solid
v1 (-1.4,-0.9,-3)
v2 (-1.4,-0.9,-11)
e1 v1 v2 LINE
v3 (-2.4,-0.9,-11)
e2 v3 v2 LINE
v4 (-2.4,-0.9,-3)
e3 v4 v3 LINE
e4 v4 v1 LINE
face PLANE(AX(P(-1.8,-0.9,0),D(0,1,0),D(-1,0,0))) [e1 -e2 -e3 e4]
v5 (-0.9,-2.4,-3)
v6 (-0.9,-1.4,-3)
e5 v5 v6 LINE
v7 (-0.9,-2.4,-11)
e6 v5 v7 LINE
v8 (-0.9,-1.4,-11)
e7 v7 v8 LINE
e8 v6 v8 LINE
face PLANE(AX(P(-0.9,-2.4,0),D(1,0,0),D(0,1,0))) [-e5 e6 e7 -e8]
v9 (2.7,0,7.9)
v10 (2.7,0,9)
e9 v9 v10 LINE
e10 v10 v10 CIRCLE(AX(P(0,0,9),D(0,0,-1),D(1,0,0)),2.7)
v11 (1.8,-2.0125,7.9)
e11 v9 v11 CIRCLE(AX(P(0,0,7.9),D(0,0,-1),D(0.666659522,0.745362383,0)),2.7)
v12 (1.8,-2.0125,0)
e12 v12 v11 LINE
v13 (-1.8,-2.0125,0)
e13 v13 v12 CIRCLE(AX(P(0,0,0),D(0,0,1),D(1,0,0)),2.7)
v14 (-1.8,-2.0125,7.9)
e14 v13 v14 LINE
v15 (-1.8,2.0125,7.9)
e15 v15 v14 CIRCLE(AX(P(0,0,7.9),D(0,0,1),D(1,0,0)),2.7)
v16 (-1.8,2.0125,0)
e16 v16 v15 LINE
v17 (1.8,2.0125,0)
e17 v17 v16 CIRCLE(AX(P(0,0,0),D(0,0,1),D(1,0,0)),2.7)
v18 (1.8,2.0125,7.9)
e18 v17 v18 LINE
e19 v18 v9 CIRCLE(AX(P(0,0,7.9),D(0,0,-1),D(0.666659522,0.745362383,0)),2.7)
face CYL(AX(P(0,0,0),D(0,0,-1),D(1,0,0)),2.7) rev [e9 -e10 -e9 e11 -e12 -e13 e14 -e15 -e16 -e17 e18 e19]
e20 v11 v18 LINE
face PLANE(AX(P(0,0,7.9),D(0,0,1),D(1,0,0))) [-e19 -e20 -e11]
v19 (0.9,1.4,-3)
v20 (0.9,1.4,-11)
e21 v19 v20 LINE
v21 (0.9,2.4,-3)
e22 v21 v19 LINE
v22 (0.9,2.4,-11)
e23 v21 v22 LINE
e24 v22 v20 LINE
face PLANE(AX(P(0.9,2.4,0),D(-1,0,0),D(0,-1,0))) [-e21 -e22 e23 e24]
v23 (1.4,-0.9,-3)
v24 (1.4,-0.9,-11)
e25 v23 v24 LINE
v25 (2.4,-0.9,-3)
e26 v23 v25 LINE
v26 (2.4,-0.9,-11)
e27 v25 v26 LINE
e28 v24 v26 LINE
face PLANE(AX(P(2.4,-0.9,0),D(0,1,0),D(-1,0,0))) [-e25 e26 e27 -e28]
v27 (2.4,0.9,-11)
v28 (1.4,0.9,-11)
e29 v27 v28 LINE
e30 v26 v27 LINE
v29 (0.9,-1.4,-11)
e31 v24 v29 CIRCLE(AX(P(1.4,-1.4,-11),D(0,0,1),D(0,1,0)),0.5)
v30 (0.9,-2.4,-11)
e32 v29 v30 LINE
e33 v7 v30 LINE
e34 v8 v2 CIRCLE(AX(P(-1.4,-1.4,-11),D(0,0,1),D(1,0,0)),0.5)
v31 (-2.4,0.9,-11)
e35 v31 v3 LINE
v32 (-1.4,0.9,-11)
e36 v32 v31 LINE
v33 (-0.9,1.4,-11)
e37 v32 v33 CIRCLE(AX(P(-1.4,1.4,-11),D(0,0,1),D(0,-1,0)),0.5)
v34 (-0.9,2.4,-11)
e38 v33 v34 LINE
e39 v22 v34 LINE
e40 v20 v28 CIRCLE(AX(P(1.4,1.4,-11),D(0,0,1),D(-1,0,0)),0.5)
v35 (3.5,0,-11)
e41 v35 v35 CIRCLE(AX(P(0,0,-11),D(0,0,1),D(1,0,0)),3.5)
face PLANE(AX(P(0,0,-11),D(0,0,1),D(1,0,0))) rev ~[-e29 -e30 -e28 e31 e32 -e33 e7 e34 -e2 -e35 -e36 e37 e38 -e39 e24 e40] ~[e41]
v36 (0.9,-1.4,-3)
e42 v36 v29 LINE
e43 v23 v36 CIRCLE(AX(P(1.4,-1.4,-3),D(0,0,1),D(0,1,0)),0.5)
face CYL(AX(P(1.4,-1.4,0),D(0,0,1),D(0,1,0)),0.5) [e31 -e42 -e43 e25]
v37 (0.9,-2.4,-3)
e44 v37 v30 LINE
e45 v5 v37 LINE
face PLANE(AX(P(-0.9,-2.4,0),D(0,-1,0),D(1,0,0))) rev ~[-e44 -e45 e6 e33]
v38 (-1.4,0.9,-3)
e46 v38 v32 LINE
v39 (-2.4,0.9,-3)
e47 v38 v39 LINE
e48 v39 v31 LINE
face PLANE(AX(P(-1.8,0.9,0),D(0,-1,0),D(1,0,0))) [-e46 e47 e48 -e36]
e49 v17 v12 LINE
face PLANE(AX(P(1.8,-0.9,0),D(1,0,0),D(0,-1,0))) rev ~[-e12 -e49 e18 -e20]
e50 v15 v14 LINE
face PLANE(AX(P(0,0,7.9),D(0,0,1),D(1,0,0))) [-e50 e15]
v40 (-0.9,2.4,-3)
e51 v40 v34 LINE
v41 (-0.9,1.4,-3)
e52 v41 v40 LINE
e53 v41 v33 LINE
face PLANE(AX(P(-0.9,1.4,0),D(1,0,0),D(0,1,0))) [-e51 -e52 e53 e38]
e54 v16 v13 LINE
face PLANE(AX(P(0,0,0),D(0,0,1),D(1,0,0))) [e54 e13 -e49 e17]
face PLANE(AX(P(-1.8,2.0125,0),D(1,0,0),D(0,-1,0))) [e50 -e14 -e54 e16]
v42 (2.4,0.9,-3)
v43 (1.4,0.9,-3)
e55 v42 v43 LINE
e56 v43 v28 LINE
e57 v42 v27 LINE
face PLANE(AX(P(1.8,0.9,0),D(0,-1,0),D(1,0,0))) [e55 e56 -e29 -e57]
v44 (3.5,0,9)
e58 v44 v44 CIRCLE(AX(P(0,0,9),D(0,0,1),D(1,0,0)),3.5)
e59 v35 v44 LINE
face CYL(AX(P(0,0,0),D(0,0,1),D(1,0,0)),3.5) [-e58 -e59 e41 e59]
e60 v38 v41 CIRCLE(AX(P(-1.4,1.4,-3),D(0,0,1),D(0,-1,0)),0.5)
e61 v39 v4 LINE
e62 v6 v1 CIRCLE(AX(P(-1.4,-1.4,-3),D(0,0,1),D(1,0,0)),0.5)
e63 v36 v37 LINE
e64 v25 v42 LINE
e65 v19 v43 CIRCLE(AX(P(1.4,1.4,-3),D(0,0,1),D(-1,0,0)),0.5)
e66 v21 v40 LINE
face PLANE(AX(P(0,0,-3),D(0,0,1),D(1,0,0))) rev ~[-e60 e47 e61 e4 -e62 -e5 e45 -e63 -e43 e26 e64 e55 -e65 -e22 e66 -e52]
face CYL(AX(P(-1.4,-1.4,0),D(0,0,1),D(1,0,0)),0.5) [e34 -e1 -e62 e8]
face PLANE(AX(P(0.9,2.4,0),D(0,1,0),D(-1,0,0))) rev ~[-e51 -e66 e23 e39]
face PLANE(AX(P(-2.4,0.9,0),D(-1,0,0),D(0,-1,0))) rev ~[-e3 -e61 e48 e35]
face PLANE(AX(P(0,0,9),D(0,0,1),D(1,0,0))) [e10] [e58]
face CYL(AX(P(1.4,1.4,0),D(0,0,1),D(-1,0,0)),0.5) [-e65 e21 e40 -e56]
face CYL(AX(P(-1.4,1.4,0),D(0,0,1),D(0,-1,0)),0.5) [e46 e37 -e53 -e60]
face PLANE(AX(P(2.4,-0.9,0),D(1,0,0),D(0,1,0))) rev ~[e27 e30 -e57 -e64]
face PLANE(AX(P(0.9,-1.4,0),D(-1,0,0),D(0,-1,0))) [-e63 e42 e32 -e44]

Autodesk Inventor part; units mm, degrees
ref_plane "YZ Plane" through (0, 0, 0) normal (1, 0, 0) x (0, 1, 0)
ref_plane "XZ Plane" through (0, 0, 0) normal (0, 1, 0) x (-1, 0, 0)
ref_plane "XY Plane" through (0, 0, 0) normal (0, 0, 1) x (1, 0, 0)
sketch "Motor_Lego_Axle_Connector" plane through (0, 0, 0) normal (0, 0, 1) x (1, 0, 0)
  circle A0 centre (0, 0) radius 3.5
  circle A1 centre (0, 0) radius 2.7
  line L0 (-1.8, 2.0125) -> (-1.8, -2.0125)
  line L1 (0, 3.5) -> (0, -3.5) construction
  line L2 (1.8, 2.0125) -> (1.8, -2.0125)
  line L3 (0.9, 2.4) -> (-0.9, 2.4)
  line L4 (0.9, 2.4) -> (0.9, 1.4)
  line L5 (1.4, 1.4) -> (0.9, 1.4) construction
  line L6 (1.4, 1.4) -> (1.4, 0.9) construction
  arc A2 (0.9, 1.4) -> (1.4, 0.9) centre (1.4, 1.4) ccw
  line L7 (1.4, 0.9) -> (2.4, 0.9)
  line L8 (-0.9, 1.4) -> (-0.9, 2.4)
  arc A3 (-1.4, 0.9) -> (-0.9, 1.4) centre (-1.4, 1.4) ccw
  line L9 (-2.4, 0.9) -> (-1.4, 0.9)
  line L10 (-2.4, 0.9) -> (-2.4, -0.9)
  line L11 (-1.4, -0.9) -> (-2.4, -0.9)
  arc A4 (-0.9, -1.4) -> (-1.4, -0.9) centre (-1.4, -1.4) ccw
  line L12 (-0.9, -2.4) -> (-0.9, -1.4)
  line L13 (-0.9, -2.4) -> (0.9, -2.4)
  line L14 (0.9, -1.4) -> (0.9, -2.4)
  arc A5 (1.4, -0.9) -> (0.9, -1.4) centre (1.4, -1.4) ccw
  line L15 (2.4, -0.9) -> (1.4, -0.9)
  line L16 (2.4, -0.9) -> (2.4, 0.9)
  point P0 (1.8, -2.0125)
  point P1 (0, 2.4)
  point P2 (-2.4, 0)
  point P3 (0, -2.4)
  point P4 (2.4, 0)
  dimension "d0" = 7
  dimension "d1" = 5.4
  dimension "d2" = 7
  dimension "d3" = 1.8
  dimension "d12" = 1.8
  dimension "d13" = 2.4
  dimension "d14" = 1
  dimension "d16" = 0.5
  dimension "d17" = 1
  dimension "d20" = 360
extrude "Motor_Side_Outer_Ring_Extrusion" add sketch "Motor_Lego_Axle_Connector" along normal blind 9
extrude "Motor_Connector_Extrusion" add sketch "Motor_Lego_Axle_Connector" along normal blind 7.9 separate body contours A1 L2 L15 L16 L7 | L0 L9 L10 L11 A1 | L7 L16 L15 L2 | L0 L11 L10 L9
extrude "Seperation_Extrusion" add sketch "Motor_Lego_Axle_Connector" against normal blind 3 contours A1 L2 L15 L16 L7 | L2 L7 A2 L4 L3 L8 A3 L9 L0 A1 | A1 L0 L11 A4 L12 L13 L14 A5 L15 L2 | L0 L9 L10 L11 A1 | L7 L16 L15 L2 | L2 L15 A5 L14 L13 L12 A4 L11 L0 L9 A3 L8 L3 L4 A2 L7 | L0 L11 L10 L9
extrude "Lego_Axle_Side_Outer_Ring_Extrusion" add sketch "Motor_Lego_Axle_Connector" against normal blind 11
extrude "Lego_Axle_Connector_Extrusion" add sketch "Motor_Lego_Axle_Connector" against normal blind 11 contours A1 L2 L15 L16 L7 | L2 L7 A2 L4 L3 L8 A3 L9 L0 A1 | A1 L0 L11 A4 L12 L13 L14 A5 L15 L2 | L0 L9 L10 L11 A1
equation "\"d2\" = d0"
properties part number "Motor_Lego_Axle_Connector"
